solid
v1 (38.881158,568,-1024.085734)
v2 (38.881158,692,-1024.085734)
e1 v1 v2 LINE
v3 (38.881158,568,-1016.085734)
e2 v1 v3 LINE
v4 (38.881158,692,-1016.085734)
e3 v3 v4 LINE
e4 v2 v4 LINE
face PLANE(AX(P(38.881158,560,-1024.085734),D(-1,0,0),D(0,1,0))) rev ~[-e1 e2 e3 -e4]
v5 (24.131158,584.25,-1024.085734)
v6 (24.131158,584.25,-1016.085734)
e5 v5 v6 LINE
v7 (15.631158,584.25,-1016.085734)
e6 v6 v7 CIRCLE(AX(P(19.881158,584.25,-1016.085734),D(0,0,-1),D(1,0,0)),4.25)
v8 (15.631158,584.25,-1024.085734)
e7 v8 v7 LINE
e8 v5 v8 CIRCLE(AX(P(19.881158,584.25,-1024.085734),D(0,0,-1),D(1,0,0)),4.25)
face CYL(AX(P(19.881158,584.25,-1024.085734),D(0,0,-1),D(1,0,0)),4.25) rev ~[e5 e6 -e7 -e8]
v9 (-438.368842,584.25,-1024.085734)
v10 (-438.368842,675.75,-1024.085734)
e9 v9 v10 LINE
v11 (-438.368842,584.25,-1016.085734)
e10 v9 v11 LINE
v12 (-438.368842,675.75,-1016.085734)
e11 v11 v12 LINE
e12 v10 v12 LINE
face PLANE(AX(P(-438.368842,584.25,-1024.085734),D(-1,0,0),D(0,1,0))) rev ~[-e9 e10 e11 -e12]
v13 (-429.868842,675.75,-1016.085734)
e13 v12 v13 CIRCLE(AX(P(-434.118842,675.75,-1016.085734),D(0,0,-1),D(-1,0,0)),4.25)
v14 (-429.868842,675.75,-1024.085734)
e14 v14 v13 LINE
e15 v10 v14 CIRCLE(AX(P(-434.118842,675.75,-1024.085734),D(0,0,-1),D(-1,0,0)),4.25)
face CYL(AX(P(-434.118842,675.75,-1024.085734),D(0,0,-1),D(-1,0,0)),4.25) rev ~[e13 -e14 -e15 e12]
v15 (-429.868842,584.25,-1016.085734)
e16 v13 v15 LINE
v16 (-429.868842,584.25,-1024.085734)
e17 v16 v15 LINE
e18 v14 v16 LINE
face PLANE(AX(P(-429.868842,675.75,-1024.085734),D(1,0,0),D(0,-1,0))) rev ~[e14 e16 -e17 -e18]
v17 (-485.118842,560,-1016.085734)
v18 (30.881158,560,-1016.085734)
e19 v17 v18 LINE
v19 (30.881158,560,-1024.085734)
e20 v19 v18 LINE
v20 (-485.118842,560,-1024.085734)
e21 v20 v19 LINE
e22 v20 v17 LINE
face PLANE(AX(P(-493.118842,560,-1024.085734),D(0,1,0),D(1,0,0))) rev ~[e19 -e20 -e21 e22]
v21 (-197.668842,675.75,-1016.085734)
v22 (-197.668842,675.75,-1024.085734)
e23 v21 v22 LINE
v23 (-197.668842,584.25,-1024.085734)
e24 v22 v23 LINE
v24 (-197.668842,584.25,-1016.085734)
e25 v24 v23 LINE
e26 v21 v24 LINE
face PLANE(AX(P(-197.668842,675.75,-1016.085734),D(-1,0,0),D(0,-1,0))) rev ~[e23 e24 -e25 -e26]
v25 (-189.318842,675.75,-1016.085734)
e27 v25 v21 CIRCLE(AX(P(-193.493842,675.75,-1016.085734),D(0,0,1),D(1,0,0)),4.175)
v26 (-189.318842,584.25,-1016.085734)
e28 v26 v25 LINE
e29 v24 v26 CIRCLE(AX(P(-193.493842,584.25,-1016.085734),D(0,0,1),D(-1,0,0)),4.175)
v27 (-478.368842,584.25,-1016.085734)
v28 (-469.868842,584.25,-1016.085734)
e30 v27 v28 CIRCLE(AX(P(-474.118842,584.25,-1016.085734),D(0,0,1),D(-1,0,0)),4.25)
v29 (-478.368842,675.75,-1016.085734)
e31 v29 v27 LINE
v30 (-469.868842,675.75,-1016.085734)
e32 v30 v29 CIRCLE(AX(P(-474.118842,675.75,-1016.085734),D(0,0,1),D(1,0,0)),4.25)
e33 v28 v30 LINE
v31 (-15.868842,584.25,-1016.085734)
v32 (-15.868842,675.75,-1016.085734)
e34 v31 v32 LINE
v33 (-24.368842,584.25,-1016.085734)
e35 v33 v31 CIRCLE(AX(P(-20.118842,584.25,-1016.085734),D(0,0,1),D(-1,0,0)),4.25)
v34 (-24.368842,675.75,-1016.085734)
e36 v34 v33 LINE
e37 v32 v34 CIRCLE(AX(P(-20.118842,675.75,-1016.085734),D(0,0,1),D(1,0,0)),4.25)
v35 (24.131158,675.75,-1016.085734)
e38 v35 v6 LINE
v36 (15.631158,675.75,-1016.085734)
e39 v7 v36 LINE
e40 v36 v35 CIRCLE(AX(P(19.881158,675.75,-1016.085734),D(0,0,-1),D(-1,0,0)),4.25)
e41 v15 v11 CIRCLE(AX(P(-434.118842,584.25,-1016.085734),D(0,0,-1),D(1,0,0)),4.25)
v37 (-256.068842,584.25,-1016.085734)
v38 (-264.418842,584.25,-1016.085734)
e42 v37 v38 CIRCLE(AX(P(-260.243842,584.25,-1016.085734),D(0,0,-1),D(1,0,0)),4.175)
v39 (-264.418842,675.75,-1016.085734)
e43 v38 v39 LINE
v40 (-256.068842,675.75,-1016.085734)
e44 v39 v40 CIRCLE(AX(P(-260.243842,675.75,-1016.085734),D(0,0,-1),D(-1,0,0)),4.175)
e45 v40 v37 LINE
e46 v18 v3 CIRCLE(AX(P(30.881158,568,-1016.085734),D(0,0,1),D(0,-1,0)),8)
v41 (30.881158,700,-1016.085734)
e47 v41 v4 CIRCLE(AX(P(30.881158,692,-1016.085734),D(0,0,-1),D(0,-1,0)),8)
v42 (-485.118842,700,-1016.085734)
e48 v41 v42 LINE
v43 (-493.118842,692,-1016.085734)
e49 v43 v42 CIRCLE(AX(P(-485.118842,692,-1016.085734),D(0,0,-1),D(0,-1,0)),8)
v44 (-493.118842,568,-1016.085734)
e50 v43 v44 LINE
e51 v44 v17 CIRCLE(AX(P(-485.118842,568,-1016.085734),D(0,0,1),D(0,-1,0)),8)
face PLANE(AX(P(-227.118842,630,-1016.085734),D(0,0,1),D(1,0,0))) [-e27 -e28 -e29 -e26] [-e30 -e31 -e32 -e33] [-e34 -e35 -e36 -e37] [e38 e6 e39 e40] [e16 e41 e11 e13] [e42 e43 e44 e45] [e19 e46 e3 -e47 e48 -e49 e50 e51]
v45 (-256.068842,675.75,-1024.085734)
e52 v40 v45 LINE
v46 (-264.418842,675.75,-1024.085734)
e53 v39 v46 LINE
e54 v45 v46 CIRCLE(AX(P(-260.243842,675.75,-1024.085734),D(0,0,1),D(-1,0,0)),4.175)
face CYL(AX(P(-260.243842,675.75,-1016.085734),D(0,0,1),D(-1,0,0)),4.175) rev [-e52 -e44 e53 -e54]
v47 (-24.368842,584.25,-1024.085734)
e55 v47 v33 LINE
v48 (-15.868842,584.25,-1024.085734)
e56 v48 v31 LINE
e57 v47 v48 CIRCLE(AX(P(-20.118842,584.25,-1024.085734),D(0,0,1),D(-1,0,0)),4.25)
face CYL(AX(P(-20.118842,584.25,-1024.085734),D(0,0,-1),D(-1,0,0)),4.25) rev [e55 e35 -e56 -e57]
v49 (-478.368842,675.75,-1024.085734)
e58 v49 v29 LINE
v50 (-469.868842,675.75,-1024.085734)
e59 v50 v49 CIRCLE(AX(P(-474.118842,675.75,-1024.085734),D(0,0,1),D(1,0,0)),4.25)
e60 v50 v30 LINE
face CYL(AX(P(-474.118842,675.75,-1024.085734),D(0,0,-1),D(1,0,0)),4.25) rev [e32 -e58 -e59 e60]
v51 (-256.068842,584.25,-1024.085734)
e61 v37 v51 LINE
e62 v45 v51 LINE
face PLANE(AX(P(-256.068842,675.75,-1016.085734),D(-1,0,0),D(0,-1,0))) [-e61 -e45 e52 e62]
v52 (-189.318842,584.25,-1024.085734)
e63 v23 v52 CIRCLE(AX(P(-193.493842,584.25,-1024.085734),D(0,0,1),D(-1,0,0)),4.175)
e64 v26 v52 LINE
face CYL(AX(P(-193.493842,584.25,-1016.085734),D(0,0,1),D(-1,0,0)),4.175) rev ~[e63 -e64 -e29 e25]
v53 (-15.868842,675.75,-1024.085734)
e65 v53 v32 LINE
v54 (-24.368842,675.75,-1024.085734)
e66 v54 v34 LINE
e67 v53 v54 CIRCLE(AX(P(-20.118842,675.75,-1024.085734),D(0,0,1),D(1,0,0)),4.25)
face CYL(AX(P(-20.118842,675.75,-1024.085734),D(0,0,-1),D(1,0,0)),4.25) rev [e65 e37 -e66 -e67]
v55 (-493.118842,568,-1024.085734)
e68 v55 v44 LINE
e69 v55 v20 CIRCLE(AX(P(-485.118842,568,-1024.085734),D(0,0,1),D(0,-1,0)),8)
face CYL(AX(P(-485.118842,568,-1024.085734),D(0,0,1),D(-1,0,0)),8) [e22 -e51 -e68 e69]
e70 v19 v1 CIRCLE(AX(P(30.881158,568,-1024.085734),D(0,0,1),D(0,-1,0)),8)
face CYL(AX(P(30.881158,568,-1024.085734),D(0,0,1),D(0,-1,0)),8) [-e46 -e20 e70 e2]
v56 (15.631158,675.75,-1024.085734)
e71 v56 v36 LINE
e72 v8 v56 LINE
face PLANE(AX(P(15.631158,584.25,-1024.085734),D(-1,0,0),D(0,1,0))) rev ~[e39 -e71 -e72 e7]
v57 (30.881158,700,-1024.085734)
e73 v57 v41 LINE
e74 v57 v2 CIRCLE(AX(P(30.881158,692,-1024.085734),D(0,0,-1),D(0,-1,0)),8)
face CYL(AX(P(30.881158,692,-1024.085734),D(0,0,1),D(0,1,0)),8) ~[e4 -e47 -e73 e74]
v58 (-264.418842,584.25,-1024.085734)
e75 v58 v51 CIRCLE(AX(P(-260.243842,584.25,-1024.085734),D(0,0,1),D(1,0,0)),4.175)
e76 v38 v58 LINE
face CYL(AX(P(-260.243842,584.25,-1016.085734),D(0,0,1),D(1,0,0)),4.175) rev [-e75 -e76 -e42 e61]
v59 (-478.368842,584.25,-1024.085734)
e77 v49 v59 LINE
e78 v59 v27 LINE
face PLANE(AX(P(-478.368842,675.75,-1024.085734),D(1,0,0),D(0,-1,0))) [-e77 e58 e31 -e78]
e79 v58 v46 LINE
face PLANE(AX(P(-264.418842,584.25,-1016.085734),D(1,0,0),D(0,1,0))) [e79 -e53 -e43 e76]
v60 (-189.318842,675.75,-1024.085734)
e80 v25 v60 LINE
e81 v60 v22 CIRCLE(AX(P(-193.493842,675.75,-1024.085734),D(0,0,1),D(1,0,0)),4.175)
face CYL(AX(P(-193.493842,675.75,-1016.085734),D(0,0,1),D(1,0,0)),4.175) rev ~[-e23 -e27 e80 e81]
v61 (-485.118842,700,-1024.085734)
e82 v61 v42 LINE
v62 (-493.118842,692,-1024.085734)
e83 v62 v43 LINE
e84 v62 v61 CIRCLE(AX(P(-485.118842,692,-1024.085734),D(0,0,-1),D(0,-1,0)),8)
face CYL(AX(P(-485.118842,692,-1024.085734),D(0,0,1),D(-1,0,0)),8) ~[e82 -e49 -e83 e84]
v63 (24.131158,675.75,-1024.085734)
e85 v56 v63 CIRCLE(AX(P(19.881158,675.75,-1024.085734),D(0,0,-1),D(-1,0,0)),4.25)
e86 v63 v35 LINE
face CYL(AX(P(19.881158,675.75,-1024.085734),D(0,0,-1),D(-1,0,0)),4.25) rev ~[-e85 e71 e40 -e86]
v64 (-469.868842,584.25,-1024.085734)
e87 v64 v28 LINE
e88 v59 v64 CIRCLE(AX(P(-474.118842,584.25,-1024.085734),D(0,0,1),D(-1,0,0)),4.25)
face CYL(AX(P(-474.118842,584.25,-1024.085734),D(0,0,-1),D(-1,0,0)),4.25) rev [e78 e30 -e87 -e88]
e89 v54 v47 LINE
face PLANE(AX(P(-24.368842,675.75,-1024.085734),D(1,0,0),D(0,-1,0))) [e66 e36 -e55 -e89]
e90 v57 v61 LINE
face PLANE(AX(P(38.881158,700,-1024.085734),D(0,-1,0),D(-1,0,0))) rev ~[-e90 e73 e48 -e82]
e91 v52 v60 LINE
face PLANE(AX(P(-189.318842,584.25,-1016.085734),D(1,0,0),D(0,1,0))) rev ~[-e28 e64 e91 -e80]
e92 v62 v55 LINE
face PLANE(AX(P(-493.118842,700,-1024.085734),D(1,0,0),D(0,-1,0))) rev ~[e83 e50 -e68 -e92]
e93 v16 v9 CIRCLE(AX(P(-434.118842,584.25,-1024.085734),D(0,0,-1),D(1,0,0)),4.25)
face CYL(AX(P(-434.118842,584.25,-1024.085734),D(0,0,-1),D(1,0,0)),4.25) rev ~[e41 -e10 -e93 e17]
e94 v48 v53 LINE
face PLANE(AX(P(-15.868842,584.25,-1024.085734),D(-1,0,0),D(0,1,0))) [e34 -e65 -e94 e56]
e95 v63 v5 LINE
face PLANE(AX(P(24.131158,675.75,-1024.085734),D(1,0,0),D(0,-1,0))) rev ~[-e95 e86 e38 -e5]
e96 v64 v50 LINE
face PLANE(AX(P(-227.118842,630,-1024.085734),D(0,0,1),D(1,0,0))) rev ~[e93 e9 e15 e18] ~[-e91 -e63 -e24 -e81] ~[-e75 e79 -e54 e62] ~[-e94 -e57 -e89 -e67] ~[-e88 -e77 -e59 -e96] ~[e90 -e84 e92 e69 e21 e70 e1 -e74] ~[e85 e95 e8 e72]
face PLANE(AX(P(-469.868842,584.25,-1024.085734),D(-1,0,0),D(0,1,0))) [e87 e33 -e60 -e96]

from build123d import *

# Parameters (mm, degrees)
BOSS_EXTRUDE3_DEPTH = 8
FILLET1_R           = 8
CUT_EXTRUDE3_DEPTH  = 10


with BuildPart() as part:
    # Sketch2 → Boss-Extrude3 (new body)
    with BuildSketch(Plane.XY.offset(-1024.085734242)):
        Polygon((-493.118842126, 700), (-493.118842126, 560), (-480.118842126, 560), (38.881157874, 560), (38.881157874, 700), (-480.118842126, 700), align=None)
        with BuildLine():
            Line((15.631157874, 584.25), (15.631157874, 675.75))
            ThreePointArc((15.631157874, 675.75), (19.881157874, 680), (24.131157874, 675.75))
            Line((24.131157874, 675.75), (24.131157874, 584.25))
            ThreePointArc((24.131157874, 584.25), (19.881157874, 580), (15.631157874, 584.25))
        make_face(mode=Mode.SUBTRACT)
        with BuildLine():
            Line((-15.868842127, 584.25), (-15.868842127, 675.75))
            ThreePointArc((-15.868842127, 675.75), (-20.118842127, 680), (-24.368842127, 675.75))
            Line((-24.368842127, 675.75), (-24.368842127, 584.25))
            ThreePointArc((-24.368842127, 584.25), (-20.118842127, 580), (-15.868842127, 584.25))
        make_face(mode=Mode.SUBTRACT)
        with BuildLine():
            Line((-438.368842126, 584.25), (-438.368842126, 675.75))
            ThreePointArc((-438.368842126, 675.75), (-434.118842126, 680), (-429.868842126, 675.75))
            Line((-429.868842126, 675.75), (-429.868842126, 584.25))
            ThreePointArc((-429.868842126, 584.25), (-434.118842126, 580), (-438.368842126, 584.25))
        make_face(mode=Mode.SUBTRACT)
        with BuildLine():
            Line((-469.868842126, 584.25), (-469.868842126, 675.75))
            ThreePointArc((-469.868842126, 675.75), (-474.118842126, 680), (-478.368842126, 675.75))
            Line((-478.368842126, 675.75), (-478.368842126, 584.25))
            ThreePointArc((-478.368842126, 584.25), (-474.118842126, 580), (-469.868842126, 584.25))
        make_face(mode=Mode.SUBTRACT)
    extrude(amount=BOSS_EXTRUDE3_DEPTH)

    # Fillet1
    fillet1_edges = [part.edges().sort_by_distance(p)[0] for p in [
        (-493.118842126, 560, -1020.085734242),
        (-493.118842126, 700, -1020.085734242),
        (38.881157874, 700, -1020.085734242),
        (38.881157874, 560, -1020.085734242),
    ]]
    fillet(fillet1_edges, radius=FILLET1_R)

    # Sketch7 → Cut-Extrude3 (cut)
    with BuildSketch(Plane.XY.offset(-1016.085734242)):
        with BuildLine():
            Line((-256.068842126, 675.75), (-256.068842126, 584.25))
            ThreePointArc((-256.068842126, 584.25), (-260.243842126, 580.075), (-264.418842126, 584.25))
            Line((-264.418842126, 584.25), (-264.418842126, 675.75))
            ThreePointArc((-264.418842126, 675.75), (-260.243842126, 679.925), (-256.068842126, 675.75))
        make_face()
        with BuildLine():
            Line((-197.668842126, 675.75), (-197.668842126, 584.25))
            ThreePointArc((-197.668842126, 584.25), (-193.493842126, 580.075), (-189.318842126, 584.25))
            Line((-189.318842126, 584.25), (-189.318842126, 675.75))
            ThreePointArc((-189.318842126, 675.75), (-193.493842126, 679.925), (-197.668842126, 675.75))
        make_face()
    extrude(amount=-CUT_EXTRUDE3_DEPTH, mode=Mode.SUBTRACT)


solid = part.part
